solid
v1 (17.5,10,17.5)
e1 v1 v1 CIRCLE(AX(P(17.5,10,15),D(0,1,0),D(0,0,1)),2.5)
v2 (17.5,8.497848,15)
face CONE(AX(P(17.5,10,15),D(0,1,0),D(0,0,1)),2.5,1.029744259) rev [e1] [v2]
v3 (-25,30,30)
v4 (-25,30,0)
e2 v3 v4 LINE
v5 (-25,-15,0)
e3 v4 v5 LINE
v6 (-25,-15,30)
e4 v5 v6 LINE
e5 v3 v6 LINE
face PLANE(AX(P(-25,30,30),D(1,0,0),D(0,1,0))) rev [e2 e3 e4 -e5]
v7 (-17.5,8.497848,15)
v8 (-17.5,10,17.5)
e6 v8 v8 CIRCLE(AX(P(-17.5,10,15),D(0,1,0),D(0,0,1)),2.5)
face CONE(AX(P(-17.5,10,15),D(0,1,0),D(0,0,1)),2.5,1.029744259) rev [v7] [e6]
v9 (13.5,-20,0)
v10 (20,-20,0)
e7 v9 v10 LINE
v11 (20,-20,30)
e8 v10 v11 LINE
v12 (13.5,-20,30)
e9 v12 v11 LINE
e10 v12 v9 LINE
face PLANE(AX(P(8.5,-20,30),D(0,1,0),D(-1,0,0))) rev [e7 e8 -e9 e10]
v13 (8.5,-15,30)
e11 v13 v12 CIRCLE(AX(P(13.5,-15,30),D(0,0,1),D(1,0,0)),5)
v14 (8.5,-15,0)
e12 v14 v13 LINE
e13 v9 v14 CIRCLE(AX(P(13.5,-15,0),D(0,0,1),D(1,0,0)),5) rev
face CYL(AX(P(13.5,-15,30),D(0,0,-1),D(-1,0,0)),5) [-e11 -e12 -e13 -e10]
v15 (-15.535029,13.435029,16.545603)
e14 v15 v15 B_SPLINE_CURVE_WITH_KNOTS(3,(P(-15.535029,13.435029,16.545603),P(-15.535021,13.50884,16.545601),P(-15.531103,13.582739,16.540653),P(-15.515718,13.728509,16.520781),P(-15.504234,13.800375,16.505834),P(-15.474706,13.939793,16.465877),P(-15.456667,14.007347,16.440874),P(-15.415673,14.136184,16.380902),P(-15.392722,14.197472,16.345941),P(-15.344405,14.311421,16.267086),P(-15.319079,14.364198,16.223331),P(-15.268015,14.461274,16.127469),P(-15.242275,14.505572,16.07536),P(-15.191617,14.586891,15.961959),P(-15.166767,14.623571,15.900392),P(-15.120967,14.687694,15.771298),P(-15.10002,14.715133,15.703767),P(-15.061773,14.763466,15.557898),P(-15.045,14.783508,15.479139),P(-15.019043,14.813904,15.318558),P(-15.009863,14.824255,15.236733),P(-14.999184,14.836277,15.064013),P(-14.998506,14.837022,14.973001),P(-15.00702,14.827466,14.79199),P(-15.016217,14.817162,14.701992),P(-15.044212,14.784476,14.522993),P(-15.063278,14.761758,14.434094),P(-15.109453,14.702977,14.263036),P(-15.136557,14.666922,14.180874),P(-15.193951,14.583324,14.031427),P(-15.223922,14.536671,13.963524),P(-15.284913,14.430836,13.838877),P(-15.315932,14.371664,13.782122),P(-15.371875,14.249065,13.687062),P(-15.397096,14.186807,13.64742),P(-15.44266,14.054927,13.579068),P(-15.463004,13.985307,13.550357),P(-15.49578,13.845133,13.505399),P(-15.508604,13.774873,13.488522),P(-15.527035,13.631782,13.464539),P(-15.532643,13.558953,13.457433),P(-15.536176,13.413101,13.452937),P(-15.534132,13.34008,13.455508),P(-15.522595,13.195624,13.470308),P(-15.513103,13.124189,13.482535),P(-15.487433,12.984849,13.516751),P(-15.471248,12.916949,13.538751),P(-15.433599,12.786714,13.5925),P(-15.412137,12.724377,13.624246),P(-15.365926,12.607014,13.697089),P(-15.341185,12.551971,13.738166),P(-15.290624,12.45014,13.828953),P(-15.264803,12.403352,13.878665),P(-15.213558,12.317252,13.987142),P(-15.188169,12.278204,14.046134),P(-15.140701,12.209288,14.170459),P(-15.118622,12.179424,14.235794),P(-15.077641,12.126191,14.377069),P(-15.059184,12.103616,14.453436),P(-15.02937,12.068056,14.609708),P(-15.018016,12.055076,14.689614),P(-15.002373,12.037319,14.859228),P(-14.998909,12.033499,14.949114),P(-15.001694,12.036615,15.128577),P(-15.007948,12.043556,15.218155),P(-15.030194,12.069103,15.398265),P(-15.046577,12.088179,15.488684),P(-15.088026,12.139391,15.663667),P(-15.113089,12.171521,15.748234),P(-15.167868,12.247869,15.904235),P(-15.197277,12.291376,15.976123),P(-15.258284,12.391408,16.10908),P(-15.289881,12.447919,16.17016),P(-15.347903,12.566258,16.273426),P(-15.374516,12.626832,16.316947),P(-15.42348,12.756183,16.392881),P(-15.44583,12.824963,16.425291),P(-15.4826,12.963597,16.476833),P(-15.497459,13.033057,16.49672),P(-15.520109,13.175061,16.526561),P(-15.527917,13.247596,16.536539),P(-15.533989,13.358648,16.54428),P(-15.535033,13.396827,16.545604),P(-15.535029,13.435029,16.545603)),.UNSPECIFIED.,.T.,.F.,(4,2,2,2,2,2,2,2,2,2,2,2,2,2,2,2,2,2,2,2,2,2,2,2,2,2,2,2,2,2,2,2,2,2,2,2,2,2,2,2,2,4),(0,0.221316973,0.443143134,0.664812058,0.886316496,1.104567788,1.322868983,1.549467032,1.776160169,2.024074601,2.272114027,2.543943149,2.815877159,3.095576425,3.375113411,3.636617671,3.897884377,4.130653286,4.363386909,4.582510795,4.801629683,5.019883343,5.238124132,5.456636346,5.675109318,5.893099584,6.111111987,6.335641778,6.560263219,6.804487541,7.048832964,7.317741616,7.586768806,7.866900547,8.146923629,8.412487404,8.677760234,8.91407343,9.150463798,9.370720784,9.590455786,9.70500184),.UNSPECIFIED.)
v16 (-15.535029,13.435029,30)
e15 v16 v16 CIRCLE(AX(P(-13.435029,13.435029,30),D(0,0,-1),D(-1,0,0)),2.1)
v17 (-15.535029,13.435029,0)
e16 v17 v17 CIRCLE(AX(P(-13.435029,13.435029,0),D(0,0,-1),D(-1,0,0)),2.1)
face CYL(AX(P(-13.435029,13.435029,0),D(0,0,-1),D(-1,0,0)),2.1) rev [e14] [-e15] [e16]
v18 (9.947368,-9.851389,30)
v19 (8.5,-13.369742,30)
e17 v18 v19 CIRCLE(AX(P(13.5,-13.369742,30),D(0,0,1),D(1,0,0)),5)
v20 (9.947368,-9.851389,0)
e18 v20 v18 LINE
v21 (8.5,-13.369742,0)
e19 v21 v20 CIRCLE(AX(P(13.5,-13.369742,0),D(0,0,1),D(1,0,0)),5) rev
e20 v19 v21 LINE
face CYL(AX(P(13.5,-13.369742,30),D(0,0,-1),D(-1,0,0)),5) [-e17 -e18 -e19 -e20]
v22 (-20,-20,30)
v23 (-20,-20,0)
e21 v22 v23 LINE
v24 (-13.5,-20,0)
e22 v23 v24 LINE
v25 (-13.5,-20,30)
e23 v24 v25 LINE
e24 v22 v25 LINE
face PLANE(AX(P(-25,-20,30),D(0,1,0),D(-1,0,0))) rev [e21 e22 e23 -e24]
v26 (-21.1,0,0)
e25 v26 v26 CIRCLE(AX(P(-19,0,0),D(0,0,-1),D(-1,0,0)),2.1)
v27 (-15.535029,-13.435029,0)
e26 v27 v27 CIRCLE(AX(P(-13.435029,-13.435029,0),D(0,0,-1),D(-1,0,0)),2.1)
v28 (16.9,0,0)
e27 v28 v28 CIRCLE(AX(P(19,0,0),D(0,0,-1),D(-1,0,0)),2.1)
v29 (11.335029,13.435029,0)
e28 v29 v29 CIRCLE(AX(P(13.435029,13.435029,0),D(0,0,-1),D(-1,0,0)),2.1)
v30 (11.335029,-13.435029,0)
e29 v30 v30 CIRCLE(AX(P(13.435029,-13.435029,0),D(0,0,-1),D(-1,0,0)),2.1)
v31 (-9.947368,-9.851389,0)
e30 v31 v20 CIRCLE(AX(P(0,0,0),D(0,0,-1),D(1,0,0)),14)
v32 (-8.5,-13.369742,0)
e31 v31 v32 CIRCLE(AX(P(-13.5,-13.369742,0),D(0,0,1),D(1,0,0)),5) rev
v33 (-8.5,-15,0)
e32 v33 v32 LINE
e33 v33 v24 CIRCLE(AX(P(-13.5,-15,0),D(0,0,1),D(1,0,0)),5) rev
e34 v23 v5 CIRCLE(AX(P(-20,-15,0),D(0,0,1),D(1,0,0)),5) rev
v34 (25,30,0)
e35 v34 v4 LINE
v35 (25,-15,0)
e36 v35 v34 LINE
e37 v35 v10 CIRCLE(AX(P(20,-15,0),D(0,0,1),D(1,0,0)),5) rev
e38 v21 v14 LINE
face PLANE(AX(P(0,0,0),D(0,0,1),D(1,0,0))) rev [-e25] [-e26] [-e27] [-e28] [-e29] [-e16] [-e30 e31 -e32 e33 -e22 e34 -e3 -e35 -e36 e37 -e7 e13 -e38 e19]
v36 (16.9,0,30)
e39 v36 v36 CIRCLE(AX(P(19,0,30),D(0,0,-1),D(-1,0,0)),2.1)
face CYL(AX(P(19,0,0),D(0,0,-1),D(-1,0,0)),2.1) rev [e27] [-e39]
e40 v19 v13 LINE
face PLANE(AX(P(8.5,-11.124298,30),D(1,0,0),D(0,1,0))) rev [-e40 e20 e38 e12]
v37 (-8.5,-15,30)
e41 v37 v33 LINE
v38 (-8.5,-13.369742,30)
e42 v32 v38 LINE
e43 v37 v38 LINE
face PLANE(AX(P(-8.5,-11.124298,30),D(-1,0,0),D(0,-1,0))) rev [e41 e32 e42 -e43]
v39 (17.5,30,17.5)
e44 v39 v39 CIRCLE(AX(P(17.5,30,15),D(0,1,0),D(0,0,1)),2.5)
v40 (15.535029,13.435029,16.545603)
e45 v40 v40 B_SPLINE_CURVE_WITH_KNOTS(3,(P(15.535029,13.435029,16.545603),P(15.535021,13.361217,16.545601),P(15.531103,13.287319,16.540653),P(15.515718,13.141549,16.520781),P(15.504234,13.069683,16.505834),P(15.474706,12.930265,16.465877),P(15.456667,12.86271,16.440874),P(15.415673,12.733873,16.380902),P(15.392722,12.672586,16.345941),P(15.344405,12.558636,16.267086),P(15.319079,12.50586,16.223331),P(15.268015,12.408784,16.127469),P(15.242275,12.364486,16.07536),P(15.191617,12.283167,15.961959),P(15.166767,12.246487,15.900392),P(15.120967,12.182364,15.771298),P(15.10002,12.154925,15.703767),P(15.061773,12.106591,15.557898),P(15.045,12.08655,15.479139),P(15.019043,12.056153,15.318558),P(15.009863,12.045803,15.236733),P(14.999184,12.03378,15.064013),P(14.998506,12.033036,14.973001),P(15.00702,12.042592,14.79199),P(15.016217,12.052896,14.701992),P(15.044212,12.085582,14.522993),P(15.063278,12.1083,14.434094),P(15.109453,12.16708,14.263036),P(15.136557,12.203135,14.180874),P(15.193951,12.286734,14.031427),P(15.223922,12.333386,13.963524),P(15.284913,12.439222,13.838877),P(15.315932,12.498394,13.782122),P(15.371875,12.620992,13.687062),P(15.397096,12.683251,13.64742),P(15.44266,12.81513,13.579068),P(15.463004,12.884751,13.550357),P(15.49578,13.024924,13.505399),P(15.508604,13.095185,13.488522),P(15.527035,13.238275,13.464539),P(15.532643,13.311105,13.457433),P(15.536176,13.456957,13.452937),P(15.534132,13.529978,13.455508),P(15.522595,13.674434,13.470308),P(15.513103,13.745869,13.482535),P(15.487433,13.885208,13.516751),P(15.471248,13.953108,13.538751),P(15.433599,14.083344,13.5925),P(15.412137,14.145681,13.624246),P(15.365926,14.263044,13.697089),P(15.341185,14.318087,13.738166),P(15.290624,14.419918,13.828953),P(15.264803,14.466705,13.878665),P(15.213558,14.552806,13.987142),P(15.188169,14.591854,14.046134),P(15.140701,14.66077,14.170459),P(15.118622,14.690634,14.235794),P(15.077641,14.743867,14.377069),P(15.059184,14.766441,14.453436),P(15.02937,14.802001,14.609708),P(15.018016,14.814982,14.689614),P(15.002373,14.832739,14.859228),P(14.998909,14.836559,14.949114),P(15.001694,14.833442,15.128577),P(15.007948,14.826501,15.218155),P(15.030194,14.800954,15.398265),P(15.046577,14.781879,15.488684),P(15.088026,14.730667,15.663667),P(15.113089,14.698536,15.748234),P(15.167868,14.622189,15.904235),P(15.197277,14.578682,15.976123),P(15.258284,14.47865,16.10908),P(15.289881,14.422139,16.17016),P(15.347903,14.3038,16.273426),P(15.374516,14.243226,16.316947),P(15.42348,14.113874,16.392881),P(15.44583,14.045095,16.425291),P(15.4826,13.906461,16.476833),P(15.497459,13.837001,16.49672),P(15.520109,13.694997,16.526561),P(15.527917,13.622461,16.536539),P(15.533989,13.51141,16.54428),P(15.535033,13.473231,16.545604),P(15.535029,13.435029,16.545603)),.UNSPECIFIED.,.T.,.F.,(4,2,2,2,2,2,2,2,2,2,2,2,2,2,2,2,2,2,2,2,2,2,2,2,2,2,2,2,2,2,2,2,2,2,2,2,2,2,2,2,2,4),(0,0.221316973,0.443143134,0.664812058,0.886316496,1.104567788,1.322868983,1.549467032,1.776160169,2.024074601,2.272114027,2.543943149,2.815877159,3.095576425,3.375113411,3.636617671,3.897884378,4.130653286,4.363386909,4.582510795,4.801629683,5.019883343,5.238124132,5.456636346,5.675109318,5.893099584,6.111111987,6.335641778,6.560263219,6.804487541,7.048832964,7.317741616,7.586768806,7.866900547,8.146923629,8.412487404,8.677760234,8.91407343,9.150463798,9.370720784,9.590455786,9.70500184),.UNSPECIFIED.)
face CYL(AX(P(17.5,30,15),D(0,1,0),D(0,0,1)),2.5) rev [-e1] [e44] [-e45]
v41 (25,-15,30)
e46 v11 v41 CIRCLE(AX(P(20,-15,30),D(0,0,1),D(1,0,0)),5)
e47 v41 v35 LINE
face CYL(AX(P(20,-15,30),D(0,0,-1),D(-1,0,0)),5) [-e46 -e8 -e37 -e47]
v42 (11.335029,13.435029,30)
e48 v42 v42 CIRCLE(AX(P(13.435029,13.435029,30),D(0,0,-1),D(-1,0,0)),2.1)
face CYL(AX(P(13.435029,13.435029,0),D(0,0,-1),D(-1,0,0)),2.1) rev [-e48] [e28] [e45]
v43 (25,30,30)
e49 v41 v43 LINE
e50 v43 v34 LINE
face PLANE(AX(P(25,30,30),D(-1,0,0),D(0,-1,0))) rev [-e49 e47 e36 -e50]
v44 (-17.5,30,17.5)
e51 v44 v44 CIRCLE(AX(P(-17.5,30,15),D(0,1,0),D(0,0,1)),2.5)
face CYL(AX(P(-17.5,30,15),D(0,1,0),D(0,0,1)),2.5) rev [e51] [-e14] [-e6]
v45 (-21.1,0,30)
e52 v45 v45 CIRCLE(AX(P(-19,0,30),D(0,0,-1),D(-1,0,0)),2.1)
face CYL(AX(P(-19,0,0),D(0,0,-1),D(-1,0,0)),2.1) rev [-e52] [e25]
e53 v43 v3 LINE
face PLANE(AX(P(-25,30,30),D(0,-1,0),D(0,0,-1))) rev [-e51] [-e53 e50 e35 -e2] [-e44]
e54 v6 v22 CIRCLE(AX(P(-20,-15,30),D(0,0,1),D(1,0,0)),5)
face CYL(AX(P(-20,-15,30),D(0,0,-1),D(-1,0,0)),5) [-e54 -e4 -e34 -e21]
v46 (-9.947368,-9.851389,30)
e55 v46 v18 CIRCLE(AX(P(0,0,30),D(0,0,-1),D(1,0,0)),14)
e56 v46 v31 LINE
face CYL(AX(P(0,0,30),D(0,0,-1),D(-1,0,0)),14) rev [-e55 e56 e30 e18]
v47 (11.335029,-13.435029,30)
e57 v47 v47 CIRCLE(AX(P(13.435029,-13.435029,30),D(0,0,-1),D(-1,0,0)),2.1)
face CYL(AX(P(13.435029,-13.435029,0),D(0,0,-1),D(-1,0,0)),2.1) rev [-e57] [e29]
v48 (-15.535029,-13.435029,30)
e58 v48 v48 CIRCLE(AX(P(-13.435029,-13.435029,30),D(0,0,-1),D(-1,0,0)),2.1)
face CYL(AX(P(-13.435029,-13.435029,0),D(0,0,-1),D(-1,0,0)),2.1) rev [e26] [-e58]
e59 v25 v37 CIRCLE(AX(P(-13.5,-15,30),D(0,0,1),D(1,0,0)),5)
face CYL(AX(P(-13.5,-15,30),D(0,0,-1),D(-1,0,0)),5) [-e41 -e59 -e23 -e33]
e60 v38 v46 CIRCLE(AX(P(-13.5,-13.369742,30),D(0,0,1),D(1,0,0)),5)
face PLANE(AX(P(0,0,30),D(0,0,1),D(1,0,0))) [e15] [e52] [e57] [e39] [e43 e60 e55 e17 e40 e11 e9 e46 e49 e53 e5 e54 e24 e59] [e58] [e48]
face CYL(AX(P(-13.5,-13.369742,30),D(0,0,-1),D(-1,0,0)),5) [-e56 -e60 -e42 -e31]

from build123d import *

# Parameters (mm, degrees)
EXTRUDE1_DEPTH        = 30
FILLET1_R             = 5
M5_TAPPED_HOLE1_D     = 4.2
M6_TAPPED_HOLE1_D     = 5
M6_TAPPED_HOLE1_DEPTH = 20
M6_TAPPED_HOLE1_TIP   = 1.502151548


with BuildPart() as part:
    # Sketch1 → Extrude1 (new body)
    with BuildSketch(Plane.XY):
        with BuildLine():
            Line((-25, 30), (25, 30))
            Line((25, 30), (25, -20))
            Line((25, -20), (8.5, -20))
            Line((8.5, -20), (8.5, -11.124297731))
            ThreePointArc((8.5, -11.124297731), (0, 14), (-8.5, -11.124297731))
            Line((-8.5, -11.124297731), (-8.5, -20))
            Line((-8.5, -20), (-25, -20))
            Line((-25, -20), (-25, 30))
        make_face()
    extrude(amount=EXTRUDE1_DEPTH)

    # Fillet1
    fillet1_edges = [part.edges().sort_by_distance(p)[0] for p in [
        (-8.5, -20, 15),
        (-25, -20, 15),
        (25, -20, 15),
        (8.5, -20, 15),
        (8.5, -11.124297731, 15),
        (-8.5, -11.124297731, 15),
    ]]
    fillet(fillet1_edges, radius=FILLET1_R)

    # M5 Tapped Hole1 (through all)
    with Locations(Plane(origin=(0, 0, 0), x_dir=(-1, 0, 0), z_dir=(0, 0, -1))):
        with Locations((-13.435028843, 13.435028843), (13.435028843, 13.435028843), (19, 0), (13.435028843, -13.435028843), (-13.435028843, -13.435028843), (-19, 0)):
            Hole(M5_TAPPED_HOLE1_D / 2)

    # M6 Tapped Hole1
    with Locations(Plane(origin=(0, 30, 0), x_dir=(1, 0, 0), z_dir=(0, 1, 0))):
        with Locations((-17.5, -15), (17.5, -15)):
            Hole(M6_TAPPED_HOLE1_D / 2, depth=M6_TAPPED_HOLE1_DEPTH)
            with Locations((0, 0, -(M6_TAPPED_HOLE1_DEPTH + M6_TAPPED_HOLE1_TIP / 2))):  # 118° drill point
                Cone(0, M6_TAPPED_HOLE1_D / 2, M6_TAPPED_HOLE1_TIP, mode=Mode.SUBTRACT)


solid = part.part
